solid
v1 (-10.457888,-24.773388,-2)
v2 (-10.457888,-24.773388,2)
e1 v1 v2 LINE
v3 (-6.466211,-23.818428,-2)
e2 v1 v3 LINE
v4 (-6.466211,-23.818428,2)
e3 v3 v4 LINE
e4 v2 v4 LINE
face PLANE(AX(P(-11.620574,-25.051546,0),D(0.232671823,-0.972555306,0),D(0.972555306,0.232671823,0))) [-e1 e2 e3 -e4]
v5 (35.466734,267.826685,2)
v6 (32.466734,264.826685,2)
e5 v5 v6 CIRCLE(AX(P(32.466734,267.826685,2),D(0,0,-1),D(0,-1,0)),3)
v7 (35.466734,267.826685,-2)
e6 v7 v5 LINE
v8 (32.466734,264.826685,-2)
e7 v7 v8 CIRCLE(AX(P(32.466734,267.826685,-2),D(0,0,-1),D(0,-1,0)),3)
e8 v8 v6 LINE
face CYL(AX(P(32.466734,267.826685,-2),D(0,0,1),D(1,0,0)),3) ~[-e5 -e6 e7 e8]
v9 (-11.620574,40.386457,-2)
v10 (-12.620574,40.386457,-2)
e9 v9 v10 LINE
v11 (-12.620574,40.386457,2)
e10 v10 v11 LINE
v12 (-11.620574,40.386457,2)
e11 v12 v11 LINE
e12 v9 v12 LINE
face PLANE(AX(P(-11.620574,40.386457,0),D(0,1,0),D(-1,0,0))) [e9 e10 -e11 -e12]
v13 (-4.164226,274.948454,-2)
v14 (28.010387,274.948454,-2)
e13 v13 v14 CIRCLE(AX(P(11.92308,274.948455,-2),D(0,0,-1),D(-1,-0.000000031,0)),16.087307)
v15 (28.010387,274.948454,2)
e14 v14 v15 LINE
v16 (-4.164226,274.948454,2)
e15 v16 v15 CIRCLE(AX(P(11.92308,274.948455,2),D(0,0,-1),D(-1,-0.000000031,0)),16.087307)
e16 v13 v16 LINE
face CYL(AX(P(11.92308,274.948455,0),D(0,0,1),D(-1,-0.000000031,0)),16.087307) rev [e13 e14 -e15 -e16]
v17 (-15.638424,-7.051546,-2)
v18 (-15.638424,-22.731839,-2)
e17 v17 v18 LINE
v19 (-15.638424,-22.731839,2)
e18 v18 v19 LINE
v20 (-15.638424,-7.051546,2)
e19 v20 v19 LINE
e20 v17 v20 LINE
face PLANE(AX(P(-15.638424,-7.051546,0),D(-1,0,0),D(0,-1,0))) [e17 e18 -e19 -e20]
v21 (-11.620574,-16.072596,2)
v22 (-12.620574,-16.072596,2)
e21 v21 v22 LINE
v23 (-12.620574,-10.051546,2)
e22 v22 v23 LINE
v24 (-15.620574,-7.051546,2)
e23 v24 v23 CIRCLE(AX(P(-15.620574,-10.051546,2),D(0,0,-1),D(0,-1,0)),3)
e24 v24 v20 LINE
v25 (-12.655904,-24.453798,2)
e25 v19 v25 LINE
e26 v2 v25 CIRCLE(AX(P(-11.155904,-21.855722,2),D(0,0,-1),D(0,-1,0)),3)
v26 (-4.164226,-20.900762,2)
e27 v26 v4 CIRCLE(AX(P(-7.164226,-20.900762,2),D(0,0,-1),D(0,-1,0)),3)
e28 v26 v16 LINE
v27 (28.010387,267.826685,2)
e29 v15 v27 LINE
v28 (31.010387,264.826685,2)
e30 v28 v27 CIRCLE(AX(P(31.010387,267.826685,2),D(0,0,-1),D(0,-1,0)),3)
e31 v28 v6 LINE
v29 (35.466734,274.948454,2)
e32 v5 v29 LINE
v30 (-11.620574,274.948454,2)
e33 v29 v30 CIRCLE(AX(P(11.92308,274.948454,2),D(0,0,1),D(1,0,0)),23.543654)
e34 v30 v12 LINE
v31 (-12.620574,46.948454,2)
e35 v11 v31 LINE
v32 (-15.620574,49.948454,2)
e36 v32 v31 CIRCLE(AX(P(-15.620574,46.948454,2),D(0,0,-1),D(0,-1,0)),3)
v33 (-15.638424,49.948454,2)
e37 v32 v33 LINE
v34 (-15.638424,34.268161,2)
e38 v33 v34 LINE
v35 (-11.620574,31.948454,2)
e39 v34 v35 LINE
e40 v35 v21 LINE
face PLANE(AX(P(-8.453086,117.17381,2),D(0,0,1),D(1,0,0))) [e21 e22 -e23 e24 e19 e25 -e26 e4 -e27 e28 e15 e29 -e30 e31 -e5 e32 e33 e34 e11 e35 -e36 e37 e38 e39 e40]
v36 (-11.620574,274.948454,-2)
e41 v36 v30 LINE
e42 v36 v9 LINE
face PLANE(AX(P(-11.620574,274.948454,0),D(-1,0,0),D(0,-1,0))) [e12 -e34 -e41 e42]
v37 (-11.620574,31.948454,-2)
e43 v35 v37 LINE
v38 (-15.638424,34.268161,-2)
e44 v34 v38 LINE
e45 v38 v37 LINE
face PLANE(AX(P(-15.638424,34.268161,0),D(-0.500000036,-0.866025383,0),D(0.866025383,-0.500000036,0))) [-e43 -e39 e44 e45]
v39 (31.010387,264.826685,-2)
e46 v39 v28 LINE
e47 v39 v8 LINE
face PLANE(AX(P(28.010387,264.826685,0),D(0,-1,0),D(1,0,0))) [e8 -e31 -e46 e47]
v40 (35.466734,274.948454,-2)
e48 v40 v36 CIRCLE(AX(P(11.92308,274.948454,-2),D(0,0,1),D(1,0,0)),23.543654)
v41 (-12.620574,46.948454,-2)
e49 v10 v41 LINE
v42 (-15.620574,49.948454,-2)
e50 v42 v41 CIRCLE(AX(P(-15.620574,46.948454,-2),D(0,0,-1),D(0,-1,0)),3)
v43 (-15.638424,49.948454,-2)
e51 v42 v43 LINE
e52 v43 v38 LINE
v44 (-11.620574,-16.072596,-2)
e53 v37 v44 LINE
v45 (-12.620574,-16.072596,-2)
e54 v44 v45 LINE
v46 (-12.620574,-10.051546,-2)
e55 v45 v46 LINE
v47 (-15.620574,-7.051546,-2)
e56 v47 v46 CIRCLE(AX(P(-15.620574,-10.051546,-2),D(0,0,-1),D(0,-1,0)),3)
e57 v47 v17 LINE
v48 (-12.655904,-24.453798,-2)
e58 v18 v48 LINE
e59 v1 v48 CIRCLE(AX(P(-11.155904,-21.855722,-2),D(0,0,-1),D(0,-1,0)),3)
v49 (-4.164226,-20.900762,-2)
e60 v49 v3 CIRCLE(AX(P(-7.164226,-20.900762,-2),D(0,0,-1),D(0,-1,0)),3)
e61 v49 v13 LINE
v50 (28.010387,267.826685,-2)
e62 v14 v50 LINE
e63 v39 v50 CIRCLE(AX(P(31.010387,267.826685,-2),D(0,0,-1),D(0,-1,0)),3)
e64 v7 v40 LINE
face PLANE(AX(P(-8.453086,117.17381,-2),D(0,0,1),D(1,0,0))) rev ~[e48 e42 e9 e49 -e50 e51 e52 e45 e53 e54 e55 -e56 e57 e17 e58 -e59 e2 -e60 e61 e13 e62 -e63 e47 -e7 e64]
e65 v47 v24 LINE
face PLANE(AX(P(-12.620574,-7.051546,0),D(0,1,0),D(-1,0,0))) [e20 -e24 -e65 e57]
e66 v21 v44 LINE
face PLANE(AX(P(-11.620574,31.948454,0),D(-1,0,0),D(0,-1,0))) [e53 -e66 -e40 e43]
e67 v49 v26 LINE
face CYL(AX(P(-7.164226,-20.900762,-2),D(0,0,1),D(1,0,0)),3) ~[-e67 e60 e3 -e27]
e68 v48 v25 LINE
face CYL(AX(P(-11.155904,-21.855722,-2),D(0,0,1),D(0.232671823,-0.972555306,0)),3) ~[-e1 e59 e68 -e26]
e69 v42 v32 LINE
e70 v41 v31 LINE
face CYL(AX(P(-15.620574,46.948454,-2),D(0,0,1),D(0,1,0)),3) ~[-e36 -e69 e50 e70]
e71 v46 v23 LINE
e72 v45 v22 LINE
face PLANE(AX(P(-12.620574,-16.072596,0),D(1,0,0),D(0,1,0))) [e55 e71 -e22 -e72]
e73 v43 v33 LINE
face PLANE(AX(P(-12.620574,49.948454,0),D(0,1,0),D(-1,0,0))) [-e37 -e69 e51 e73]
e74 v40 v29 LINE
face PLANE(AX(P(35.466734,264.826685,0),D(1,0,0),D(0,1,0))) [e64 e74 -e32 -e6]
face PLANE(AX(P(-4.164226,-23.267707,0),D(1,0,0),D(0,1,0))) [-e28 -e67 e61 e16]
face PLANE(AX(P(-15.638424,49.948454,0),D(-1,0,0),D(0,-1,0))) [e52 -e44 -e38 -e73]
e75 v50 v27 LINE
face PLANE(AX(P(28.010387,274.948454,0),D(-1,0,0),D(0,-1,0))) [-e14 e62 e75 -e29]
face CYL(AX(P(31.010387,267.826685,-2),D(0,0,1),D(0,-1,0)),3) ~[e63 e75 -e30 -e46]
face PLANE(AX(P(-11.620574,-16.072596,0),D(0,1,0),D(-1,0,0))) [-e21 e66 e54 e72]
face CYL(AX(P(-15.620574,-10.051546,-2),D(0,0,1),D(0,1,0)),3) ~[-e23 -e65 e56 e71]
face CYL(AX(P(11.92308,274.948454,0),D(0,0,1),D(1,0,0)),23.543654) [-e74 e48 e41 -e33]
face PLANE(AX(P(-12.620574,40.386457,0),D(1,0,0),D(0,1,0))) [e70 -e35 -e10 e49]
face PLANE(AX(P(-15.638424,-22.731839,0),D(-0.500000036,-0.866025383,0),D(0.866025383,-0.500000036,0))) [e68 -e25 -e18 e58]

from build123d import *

# Parameters (mm, degrees)
F1_DEPTH = 2
F2_R     = 3


with BuildPart() as f1:
    # F0 (on Top) → F1 (new body, symmetric)
    with BuildSketch(Plane.XY):
        Polygon((-11.620574, -16.072596), (-12.620574, -16.072596), (-12.620574, -7.051546), (-15.638424, -7.051546), (-15.638424, -22.731839), (-11.620574, -25.051546), (-4.164226, -23.267707), (-4.164226, 274.948454), (-11.620574, 274.948454), (-11.620574, 40.386457), (-12.620574, 40.386457), (-12.620574, 49.948454), (-15.638424, 49.948454), (-15.638424, 34.268161), (-11.620574, 31.948454), align=None)
        with BuildLine():
            Line((-11.620574, 274.948454), (-4.164226, 274.948454))
            ThreePointArc((-4.164226, 274.948454), (11.92308, 291.035761), (28.010387, 274.948454))
            Line((28.010387, 274.948454), (28.010387, 264.826685))
            Line((28.010387, 264.826685), (35.466734, 264.826685))
            Line((35.466734, 264.826685), (35.466734, 274.948454))
            ThreePointArc((35.466734, 274.948454), (11.92308, 298.492108), (-11.620574, 274.948454))
        make_face()
    extrude(amount=F1_DEPTH, both=True)

    # F2
    f2_edges = [f1.edges().sort_by_distance(p)[0] for p in [
        (28.010387, 264.826685, 0),
        (35.466734, 264.826685, 0),
        (-4.164226, -23.267707, 0),
        (-11.620574, -25.051546, 0),
        (-12.620574, 49.948454, 0),
        (-12.620574, -7.051546, 0),
    ]]
    fillet(f2_edges, radius=F2_R)


solid = f1.part
